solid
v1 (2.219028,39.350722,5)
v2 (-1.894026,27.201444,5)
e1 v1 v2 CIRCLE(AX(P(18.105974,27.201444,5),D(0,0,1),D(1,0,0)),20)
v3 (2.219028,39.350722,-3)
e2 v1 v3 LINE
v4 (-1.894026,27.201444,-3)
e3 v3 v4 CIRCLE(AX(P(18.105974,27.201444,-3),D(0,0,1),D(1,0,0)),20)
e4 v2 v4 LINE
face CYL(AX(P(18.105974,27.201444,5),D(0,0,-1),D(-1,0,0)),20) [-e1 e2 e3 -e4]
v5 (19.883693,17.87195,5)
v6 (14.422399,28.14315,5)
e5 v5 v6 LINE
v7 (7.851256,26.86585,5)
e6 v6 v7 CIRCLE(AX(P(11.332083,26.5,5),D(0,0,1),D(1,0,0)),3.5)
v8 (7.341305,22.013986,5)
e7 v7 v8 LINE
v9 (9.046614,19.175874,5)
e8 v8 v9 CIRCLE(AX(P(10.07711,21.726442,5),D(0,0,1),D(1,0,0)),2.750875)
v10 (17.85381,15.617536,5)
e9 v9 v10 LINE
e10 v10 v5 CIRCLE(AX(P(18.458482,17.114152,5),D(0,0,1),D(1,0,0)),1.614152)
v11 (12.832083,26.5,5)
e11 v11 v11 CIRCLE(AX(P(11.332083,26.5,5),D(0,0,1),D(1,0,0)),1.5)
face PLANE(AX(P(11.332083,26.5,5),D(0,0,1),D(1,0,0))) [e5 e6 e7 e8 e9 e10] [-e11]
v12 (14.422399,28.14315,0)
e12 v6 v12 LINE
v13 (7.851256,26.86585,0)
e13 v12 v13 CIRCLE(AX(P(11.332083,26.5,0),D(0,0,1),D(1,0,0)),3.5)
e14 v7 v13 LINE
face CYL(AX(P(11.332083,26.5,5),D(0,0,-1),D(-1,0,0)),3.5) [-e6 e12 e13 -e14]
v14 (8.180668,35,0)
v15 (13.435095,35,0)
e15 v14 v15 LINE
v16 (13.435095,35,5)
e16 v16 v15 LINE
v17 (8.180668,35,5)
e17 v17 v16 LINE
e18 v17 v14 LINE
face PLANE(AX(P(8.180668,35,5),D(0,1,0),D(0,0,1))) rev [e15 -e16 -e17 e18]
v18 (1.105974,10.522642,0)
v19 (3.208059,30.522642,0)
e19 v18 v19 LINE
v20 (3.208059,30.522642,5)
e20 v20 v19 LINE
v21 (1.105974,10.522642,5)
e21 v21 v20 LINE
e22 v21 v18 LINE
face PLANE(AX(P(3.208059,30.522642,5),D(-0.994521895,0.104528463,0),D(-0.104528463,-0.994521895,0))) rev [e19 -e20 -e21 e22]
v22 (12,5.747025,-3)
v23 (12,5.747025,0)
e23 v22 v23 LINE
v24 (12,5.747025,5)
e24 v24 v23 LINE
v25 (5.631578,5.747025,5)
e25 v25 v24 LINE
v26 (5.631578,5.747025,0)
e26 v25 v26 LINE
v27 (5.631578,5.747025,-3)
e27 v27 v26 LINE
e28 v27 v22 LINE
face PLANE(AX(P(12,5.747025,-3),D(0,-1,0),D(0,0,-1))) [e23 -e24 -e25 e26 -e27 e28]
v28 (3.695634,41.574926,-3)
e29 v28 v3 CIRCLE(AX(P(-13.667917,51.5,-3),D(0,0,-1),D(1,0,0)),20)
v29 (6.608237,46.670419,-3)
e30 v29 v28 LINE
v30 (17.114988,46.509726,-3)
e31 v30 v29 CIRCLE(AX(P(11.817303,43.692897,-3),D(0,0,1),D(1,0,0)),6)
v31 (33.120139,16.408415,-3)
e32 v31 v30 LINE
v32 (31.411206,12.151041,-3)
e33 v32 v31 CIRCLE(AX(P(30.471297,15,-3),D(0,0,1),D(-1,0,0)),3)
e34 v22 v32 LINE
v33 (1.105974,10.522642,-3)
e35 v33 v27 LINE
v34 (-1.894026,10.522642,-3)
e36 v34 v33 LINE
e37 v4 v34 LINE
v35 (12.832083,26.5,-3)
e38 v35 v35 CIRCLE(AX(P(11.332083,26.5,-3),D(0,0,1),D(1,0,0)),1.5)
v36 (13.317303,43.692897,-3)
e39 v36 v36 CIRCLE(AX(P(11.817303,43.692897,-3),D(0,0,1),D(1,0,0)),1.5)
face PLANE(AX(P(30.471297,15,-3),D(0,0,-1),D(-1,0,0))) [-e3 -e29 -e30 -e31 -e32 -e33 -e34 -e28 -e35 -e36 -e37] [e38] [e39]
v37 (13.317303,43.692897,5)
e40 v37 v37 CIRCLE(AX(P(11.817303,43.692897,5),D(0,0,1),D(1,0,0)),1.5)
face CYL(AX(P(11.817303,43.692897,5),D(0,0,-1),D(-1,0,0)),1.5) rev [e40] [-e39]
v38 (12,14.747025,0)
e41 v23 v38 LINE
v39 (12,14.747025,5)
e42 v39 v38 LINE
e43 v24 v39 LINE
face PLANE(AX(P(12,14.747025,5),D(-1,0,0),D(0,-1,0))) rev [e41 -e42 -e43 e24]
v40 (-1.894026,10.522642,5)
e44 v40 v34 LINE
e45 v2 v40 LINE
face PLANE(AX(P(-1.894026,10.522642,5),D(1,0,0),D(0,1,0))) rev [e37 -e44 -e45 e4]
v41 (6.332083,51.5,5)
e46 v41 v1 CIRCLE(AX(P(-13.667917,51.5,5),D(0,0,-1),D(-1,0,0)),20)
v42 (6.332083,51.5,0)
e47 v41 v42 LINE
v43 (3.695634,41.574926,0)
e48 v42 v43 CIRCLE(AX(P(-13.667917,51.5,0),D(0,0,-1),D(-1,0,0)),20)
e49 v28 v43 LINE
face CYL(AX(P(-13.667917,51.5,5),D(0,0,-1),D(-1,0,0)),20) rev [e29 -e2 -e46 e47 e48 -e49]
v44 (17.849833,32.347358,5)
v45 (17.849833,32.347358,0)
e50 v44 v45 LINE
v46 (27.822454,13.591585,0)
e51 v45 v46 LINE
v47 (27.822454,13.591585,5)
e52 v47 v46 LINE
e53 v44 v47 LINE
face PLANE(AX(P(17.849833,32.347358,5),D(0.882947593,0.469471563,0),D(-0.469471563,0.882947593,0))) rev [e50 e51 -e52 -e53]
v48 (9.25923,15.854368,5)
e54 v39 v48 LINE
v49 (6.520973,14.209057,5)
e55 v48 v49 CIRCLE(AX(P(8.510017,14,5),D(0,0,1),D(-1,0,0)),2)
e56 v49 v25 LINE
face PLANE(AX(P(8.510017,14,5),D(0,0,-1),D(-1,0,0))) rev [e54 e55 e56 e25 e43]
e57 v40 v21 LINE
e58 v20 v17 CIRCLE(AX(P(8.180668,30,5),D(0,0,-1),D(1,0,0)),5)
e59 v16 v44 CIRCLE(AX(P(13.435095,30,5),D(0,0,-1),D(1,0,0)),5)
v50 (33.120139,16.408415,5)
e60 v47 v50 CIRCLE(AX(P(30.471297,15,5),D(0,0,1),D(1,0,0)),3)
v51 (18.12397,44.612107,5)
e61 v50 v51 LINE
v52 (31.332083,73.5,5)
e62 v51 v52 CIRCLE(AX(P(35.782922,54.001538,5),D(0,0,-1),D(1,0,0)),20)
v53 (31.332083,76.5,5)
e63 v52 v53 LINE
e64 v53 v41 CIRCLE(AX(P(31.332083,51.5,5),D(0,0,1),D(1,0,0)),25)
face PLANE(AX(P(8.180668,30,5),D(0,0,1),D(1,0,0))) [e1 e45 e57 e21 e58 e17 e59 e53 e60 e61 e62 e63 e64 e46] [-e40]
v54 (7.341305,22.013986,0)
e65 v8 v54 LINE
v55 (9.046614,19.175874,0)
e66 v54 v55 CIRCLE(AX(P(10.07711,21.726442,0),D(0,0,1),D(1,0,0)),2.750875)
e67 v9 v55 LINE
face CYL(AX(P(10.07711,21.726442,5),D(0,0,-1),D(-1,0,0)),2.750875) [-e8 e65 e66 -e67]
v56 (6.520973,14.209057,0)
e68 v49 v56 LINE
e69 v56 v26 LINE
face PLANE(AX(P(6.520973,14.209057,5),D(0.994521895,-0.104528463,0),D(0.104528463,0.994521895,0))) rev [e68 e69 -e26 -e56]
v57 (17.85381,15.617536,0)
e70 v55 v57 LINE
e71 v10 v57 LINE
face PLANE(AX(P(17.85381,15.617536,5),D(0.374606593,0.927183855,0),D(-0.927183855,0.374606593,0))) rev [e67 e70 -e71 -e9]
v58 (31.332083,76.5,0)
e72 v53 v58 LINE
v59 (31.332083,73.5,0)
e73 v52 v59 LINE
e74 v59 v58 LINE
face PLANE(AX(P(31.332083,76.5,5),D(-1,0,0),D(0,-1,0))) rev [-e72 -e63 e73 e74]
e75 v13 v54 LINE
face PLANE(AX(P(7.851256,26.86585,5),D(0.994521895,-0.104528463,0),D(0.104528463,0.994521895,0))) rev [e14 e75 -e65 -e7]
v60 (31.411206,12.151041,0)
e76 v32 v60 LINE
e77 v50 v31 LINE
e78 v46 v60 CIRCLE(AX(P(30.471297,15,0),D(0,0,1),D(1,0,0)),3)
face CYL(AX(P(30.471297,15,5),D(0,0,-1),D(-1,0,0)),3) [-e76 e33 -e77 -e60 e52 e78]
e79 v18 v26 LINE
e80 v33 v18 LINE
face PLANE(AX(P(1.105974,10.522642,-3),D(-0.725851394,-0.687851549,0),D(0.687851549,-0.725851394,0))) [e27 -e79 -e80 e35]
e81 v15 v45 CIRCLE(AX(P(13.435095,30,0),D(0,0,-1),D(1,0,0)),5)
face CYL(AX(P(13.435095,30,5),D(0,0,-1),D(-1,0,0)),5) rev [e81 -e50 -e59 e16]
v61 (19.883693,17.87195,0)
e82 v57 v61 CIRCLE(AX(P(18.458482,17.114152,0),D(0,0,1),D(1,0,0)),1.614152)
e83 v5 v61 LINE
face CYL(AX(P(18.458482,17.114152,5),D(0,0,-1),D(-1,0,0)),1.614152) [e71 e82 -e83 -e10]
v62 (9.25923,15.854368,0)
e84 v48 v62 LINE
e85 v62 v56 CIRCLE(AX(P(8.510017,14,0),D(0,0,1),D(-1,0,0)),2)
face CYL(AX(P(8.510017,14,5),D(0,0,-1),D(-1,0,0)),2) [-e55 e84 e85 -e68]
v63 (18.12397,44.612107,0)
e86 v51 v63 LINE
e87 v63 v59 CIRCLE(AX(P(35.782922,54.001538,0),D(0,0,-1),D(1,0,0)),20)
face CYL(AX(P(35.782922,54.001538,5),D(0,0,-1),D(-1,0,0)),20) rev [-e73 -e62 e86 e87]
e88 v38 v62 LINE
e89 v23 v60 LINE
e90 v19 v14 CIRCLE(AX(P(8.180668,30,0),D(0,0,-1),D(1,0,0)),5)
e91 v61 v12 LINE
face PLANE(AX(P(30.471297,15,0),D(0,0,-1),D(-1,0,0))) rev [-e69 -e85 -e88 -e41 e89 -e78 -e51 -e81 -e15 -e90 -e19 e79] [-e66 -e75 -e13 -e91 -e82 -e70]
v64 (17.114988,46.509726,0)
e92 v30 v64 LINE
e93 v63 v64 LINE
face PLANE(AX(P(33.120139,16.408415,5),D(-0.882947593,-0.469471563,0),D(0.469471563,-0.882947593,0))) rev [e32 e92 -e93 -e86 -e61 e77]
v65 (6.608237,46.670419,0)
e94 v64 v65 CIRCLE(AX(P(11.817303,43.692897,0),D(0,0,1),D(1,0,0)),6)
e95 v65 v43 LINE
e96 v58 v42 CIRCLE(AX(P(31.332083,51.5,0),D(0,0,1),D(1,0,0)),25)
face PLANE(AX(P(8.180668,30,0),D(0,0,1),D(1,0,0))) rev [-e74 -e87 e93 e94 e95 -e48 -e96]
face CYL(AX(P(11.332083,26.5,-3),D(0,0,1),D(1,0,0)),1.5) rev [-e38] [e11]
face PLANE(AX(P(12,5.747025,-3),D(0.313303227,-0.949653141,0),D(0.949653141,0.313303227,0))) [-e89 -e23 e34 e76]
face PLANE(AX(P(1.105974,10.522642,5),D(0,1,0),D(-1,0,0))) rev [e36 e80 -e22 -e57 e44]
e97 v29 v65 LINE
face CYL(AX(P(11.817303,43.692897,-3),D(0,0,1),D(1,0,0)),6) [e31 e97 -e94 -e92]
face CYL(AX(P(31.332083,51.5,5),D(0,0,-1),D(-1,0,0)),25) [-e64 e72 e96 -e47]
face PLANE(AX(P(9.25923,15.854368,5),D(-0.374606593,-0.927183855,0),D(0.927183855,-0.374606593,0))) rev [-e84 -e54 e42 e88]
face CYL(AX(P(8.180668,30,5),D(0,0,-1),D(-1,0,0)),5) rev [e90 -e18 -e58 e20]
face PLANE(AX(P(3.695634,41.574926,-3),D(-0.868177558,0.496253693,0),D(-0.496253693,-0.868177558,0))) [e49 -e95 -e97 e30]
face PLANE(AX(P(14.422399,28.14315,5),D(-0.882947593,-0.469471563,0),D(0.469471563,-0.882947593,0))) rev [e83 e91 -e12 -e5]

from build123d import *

# Parameters (mm, degrees)
CROQUIS4_R                = 1.5
SALIENTE_EXTRUIR1_DEPTH   = 5
SALIENTE_EXTRUIR1_2_DEPTH = 5
SALIENTE_EXTRUIR1_3_DEPTH = 5
SALIENTE_EXTRUIR2_START   = -3
CROQUIS5_R                = 1.5
SALIENTE_EXTRUIR2_DEPTH   = 3


with BuildPart() as part:
    # Croquis4 → Saliente-Extruir1 (new body)
    with BuildSketch(Plane.XY):
        with BuildLine():
            Line((31.332082611, 76.5), (31.332082611, 73.5))
            ThreePointArc((31.332082611, 73.5), (17.593960897, 62.317888205), (18.123970441, 44.612106598))
            Line((18.123970441, 44.612106598), (33.120139436, 16.408414688))
            ThreePointArc((33.120139436, 16.408414688), (31.879711346, 12.351157221), (27.822453879, 13.591585312))
            Line((27.822453879, 13.591585312), (17.849832742, 32.347357814))
            ThreePointArc((17.849832742, 32.347357814), (16.010285152, 34.285836504), (13.435094777, 35))
            Line((13.435094777, 35), (8.180668456, 35))
            ThreePointArc((8.180668456, 35), (4.835015424, 33.715724127), (3.208058979, 30.522642316))
            Line((3.208058979, 30.522642316), (1.105974274, 10.522642316))
            Line((1.105974274, 10.522642316), (-1.894025726, 10.522642316))
            Line((-1.894025726, 10.522642316), (-1.894025726, 27.20144431))
            ThreePointArc((-1.894025726, 27.20144431), (-0.837875871, 33.61475404), (2.219028442, 39.350722155))
            ThreePointArc((2.219028442, 39.350722155), (5.275932756, 45.086690271), (6.332082611, 51.5))
            ThreePointArc((6.332082611, 51.5), (13.654413081, 69.17766953), (31.332082611, 76.5))
        make_face()
        with Locations((11.817302712, 43.692896695)):
            Circle(CROQUIS4_R, mode=Mode.SUBTRACT)
    extrude(amount=SALIENTE_EXTRUIR1_DEPTH)



with BuildPart() as body_2:
    # Croquis4 → Saliente-Extruir1 2 (new body)
    with BuildSketch(Plane.XY):
        with BuildLine():
            Line((7.851255977, 26.865849621), (7.341304596, 22.013986331))
            ThreePointArc((7.341304596, 22.013986331), (7.719149951, 20.309636075), (9.046614258, 19.17587445))
            Line((9.046614258, 19.17587445), (17.853810231, 15.617536301))
            ThreePointArc((17.853810231, 15.617536301), (19.658030518, 16.034073375), (19.883693385, 17.871949935))
            Line((19.883693385, 17.871949935), (14.422399186, 28.14315047))
            ThreePointArc((14.422399186, 28.14315047), (10.664251127, 29.935695142), (7.851255977, 26.865849621))
        make_face()
        with Locations((11.332082611, 26.5)):
            Circle(CROQUIS4_R, mode=Mode.SUBTRACT)
    extrude(amount=SALIENTE_EXTRUIR1_2_DEPTH)


with BuildPart() as body_3:
    # Croquis4 → Saliente-Extruir1 3 (new body)
    with BuildSketch(Plane.XY):
        with BuildLine():
            Line((6.52097346, 14.209056927), (5.631578058, 5.747024927))
            Line((5.631578058, 5.747024927), (12, 5.747024927))
            Line((12, 5.747024927), (12, 14.747024927))
            Line((12, 14.747024927), (9.259230437, 15.854367709))
            ThreePointArc((9.259230437, 15.854367709), (7.479941101, 15.714334601), (6.52097346, 14.209056927))
        make_face()
    extrude(amount=SALIENTE_EXTRUIR1_3_DEPTH)


with BuildPart() as part_1:
    add(part.part)

    add(body_2.part)  # Saliente-Extruir2 merges body 2

    add(body_3.part)  # Saliente-Extruir2 merges body 3
    # Croquis5 → Saliente-Extruir2 (add)
    with BuildSketch(Plane.XY.offset(SALIENTE_EXTRUIR2_START)):
        with BuildLine():
            Line((12, 5.747024927), (31.411206338, 12.151040577))
            ThreePointArc((31.411206338, 12.151040577), (33.255375434, 13.882455653), (33.120139436, 16.408414688))
            Line((33.120139436, 16.408414688), (17.114988269, 46.509726071))
            ThreePointArc((17.114988269, 46.509726071), (11.909057427, 49.692195076), (6.608237363, 46.670418851))
            Line((6.608237363, 46.670418851), (3.695633773, 41.574926144))
            ThreePointArc((3.695633773, 41.574926144), (2.994485151, 40.43815831), (2.219028442, 39.350722155))
            ThreePointArc((2.219028442, 39.350722155), (-0.837875871, 33.61475404), (-1.894025726, 27.20144431))
            Line((-1.894025726, 27.20144431), (-1.894025726, 10.522642316))
            Line((-1.894025726, 10.522642316), (1.105974274, 10.522642316))
            Line((1.105974274, 10.522642316), (5.631578058, 5.747024927))
            Line((5.631578058, 5.747024927), (12, 5.747024927))
        make_face()
        with Locations((11.332082611, 26.5)):
            Circle(CROQUIS5_R, mode=Mode.SUBTRACT)
        with Locations((11.817302712, 43.692896695)):
            Circle(CROQUIS5_R, mode=Mode.SUBTRACT)
    extrude(amount=SALIENTE_EXTRUIR2_DEPTH)


solid = part_1.part
